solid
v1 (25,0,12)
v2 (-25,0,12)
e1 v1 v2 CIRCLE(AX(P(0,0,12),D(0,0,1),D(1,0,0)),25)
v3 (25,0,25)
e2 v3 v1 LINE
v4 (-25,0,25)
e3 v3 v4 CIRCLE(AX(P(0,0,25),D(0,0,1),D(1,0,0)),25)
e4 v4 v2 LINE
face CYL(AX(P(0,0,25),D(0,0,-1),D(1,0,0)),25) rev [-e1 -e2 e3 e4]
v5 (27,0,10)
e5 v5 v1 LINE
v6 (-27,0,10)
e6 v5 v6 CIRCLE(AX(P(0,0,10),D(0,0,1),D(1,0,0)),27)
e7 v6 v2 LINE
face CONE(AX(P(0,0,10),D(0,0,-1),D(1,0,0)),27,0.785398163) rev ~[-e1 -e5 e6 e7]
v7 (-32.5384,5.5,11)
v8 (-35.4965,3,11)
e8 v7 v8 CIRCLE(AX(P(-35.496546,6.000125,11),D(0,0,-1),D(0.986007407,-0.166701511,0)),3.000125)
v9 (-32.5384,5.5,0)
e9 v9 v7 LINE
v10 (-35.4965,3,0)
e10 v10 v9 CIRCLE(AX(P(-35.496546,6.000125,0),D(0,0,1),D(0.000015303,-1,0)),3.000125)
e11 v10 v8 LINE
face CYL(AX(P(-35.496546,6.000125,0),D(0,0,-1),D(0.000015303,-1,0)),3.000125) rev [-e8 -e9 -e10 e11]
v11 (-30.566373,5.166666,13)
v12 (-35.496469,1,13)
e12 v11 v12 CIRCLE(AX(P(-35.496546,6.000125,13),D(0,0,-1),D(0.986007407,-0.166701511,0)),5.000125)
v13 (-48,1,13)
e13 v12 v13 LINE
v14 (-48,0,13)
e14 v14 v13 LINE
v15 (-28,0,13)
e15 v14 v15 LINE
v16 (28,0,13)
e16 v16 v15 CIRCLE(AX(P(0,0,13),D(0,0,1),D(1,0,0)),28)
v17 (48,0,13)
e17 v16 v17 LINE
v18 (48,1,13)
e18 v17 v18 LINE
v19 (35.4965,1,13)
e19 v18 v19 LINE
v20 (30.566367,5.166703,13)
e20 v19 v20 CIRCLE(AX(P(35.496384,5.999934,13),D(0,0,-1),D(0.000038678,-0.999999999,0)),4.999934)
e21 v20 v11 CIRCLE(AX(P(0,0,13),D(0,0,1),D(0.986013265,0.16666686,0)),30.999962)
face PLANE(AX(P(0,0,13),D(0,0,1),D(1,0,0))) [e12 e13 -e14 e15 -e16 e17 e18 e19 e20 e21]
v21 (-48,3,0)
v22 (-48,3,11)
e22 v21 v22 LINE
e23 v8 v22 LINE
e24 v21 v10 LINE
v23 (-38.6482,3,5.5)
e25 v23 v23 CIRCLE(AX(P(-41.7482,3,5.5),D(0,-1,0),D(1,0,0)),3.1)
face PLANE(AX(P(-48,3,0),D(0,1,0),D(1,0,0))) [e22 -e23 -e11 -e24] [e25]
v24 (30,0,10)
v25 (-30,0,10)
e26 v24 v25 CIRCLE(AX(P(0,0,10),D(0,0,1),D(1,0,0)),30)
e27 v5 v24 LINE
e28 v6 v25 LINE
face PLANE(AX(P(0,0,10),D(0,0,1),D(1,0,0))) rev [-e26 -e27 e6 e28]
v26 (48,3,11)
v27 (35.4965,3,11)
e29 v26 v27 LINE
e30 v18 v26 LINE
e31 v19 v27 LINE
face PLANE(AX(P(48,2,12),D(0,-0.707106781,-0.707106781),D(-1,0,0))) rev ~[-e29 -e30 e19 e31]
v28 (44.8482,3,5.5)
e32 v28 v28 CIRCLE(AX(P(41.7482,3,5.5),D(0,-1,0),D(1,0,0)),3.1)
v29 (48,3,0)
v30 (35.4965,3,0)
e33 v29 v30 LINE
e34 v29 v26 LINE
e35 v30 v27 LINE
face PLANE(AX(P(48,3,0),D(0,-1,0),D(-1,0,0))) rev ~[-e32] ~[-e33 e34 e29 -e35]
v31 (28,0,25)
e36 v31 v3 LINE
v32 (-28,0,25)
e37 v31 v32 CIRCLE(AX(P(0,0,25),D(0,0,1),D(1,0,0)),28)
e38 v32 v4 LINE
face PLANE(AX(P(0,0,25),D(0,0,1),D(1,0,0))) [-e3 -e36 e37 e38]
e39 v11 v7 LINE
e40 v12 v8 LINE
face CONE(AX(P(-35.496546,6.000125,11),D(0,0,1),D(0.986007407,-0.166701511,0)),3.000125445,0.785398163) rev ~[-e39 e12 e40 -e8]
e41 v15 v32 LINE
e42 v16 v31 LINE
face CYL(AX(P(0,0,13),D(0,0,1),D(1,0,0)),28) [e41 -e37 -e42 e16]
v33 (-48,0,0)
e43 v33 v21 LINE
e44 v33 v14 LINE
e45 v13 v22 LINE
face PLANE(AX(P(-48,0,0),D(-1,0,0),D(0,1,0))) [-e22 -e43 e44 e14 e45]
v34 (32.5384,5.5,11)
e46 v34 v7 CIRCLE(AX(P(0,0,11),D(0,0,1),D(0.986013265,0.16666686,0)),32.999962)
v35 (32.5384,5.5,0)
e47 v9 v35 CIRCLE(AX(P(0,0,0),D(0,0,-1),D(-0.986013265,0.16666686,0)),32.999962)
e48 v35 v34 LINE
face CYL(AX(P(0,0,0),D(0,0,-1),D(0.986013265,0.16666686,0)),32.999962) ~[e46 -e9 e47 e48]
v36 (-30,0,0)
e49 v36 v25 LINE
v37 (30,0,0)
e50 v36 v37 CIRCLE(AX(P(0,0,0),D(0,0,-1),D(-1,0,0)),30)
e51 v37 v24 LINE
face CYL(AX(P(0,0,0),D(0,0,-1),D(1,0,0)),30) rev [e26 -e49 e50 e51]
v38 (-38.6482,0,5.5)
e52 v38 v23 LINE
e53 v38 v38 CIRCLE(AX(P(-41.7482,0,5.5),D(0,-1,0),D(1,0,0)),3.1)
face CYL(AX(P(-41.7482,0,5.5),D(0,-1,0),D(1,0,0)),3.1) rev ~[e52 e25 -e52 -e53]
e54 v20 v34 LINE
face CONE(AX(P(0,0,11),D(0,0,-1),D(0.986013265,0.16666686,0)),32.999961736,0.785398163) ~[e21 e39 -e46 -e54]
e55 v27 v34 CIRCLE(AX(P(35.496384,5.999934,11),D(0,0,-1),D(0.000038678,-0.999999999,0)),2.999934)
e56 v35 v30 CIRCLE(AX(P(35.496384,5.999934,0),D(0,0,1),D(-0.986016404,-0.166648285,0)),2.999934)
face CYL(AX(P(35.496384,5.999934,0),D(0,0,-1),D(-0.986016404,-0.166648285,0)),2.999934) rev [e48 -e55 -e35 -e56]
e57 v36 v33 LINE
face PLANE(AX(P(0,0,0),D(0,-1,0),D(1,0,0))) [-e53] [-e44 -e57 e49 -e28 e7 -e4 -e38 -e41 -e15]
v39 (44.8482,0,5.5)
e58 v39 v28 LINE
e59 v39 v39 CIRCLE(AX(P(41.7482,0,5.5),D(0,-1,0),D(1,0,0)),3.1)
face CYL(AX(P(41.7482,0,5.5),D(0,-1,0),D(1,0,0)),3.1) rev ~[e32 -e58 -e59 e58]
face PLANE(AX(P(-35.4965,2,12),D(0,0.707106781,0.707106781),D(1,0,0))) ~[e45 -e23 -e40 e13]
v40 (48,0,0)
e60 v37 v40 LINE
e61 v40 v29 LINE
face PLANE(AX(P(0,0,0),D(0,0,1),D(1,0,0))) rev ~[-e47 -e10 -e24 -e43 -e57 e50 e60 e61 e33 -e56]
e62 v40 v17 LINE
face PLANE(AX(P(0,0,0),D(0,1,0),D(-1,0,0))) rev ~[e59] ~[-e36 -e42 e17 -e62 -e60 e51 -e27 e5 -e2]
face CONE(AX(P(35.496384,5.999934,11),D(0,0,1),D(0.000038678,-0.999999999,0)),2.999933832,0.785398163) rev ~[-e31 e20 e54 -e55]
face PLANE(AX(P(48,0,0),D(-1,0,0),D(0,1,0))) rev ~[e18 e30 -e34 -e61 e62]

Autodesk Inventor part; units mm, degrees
ref_plane "YZ Plane" through (0, 0, 0) normal (1, 0, 0) x (0, 1, 0)
ref_plane "XZ Plane" through (0, 0, 0) normal (0, 1, 0) x (-1, 0, 0)
ref_plane "XY Plane" through (0, 0, 0) normal (0, 0, 1) x (1, 0, 0)
sketch "Sketch1" plane through (0, 0, 0) normal (0, 0, 1) x (1, 0, 0)
  circle A0 centre (0, 0) radius 30
  line L0 (-33, 0) -> (-48, 0)
  line L1 (-48, 0) -> (-48, 3)
  line L2 (-48, 3) -> (-35.4965, 3)
  arc A1 (-35.4965, 3) -> (-32.5384, 5.5) centre (-35.4965, 6) ccw
  line L3 (0, 35.372) -> (0, -34.8897)
  line L4 (33, 0) -> (48, 0)
  line L5 (48, 0) -> (48, 3)
  line L6 (48, 3) -> (35.4965, 3)
  arc A2 (32.5384, 5.5) -> (35.4965, 3) centre (35.4965, 6) ccw
  arc A3 (-33, 0) -> (33, 0) centre (0, 0) ccw
  arc A4 (32.5384, 5.5) -> (-32.5384, 5.5) centre (0, 0) ccw
  line L7 (33, 0) -> (30, 0)
  line L8 (-33, 0) -> (-30, 0)
  point P0 (-32.8634, 3)
  dimension "d0" = 60
  dimension "d4" = 15
  dimension "d5" = 3
  dimension "d6" = 3
extrude "Extrusion1" add sketch "Sketch1" along normal blind 13 contours A0 L3 A4 A2 L6 L5 L4 L7 | A0 L8 L0 L1 L2 A1 A4 L3
sketch "Sketch2" plane through (0, 0, 0) normal (0, 1, 0) x (-1, 0, 0)
  line L0 (-30, 0) -> (-30, 13) construction
  line L1 (-30, 0) -> (-33, 0) construction
  line L2 (-30, 0) -> (-48, 0) construction
  line L3 (-33, 0) -> (-33, 13) construction
  line L4 (-33, 13) -> (-28, 13) construction
  line L5 (-35.4965, 13) -> (-32.5384, 13) construction
  line L6 (-30, 13) -> (-28, 13)
  line L7 (-28, 13) -> (-28, 25)
  line L8 (-28, 25) -> (-25, 25)
  line L9 (-25, 25) -> (-25, 12)
  line L10 (-27, 10) -> (-30, 10)
  line L11 (-27, 10) -> (-25, 12)
  line L12 (-30, 10) -> (-30, 13)
  line L13 (0, -5) -> (0, 30) projected
  point P0 (0, 0)
  point P1 (-25, 10)
  dimension "d9" = 3
  dimension "d10" = 5
  dimension "d11" = 12
  dimension "d12" = 3
  dimension "d13" = 15
  dimension "d14" = 2
  dimension "d15" = 2
revolve "Revolution1" add sketch "Sketch2" angle 180 about axis through (0, 0, -10) along (0, 0, 1)
chamfer "Chamfer1" distance 2 angle 45 5 edges at (0, 33, 13) (-33.56, 3.7087, 13) (-41.7482, 3, 13) (33.56, 3.7087, 13) (41.7482, 3, 13)
sketch "Sketch3" plane through (-48, 0, 0) normal (0, -1, 0) x (1, 0, 0)
  line L0 (0, 0) -> (0, 13) construction
  line L1 (48, 0) -> (48, 25)
  line L2 (73, 25) -> (23, 25) projected
  line L3 (12.5035, 0) -> (0, 0) projected
  line L4 (6.2518, 0) -> (6.2518, 5.5) construction
  circle A0 centre (6.2518, 5.5) radius 3.1
  circle A1 centre (89.7482, 5.5) radius 3.1
  line L5 (0, 0) -> (0, 5.5) construction
  line L6 (0, 5.5) -> (6.2518, 5.5) construction
  dimension "d24" = 6.2
  dimension "d25" = 5.5
extrude "Extrusion2" cut sketch "Sketch3" against normal through all
equation "\"d15\" = d14"
properties part number "EXTRUSSOR-COUPLINGv2"
